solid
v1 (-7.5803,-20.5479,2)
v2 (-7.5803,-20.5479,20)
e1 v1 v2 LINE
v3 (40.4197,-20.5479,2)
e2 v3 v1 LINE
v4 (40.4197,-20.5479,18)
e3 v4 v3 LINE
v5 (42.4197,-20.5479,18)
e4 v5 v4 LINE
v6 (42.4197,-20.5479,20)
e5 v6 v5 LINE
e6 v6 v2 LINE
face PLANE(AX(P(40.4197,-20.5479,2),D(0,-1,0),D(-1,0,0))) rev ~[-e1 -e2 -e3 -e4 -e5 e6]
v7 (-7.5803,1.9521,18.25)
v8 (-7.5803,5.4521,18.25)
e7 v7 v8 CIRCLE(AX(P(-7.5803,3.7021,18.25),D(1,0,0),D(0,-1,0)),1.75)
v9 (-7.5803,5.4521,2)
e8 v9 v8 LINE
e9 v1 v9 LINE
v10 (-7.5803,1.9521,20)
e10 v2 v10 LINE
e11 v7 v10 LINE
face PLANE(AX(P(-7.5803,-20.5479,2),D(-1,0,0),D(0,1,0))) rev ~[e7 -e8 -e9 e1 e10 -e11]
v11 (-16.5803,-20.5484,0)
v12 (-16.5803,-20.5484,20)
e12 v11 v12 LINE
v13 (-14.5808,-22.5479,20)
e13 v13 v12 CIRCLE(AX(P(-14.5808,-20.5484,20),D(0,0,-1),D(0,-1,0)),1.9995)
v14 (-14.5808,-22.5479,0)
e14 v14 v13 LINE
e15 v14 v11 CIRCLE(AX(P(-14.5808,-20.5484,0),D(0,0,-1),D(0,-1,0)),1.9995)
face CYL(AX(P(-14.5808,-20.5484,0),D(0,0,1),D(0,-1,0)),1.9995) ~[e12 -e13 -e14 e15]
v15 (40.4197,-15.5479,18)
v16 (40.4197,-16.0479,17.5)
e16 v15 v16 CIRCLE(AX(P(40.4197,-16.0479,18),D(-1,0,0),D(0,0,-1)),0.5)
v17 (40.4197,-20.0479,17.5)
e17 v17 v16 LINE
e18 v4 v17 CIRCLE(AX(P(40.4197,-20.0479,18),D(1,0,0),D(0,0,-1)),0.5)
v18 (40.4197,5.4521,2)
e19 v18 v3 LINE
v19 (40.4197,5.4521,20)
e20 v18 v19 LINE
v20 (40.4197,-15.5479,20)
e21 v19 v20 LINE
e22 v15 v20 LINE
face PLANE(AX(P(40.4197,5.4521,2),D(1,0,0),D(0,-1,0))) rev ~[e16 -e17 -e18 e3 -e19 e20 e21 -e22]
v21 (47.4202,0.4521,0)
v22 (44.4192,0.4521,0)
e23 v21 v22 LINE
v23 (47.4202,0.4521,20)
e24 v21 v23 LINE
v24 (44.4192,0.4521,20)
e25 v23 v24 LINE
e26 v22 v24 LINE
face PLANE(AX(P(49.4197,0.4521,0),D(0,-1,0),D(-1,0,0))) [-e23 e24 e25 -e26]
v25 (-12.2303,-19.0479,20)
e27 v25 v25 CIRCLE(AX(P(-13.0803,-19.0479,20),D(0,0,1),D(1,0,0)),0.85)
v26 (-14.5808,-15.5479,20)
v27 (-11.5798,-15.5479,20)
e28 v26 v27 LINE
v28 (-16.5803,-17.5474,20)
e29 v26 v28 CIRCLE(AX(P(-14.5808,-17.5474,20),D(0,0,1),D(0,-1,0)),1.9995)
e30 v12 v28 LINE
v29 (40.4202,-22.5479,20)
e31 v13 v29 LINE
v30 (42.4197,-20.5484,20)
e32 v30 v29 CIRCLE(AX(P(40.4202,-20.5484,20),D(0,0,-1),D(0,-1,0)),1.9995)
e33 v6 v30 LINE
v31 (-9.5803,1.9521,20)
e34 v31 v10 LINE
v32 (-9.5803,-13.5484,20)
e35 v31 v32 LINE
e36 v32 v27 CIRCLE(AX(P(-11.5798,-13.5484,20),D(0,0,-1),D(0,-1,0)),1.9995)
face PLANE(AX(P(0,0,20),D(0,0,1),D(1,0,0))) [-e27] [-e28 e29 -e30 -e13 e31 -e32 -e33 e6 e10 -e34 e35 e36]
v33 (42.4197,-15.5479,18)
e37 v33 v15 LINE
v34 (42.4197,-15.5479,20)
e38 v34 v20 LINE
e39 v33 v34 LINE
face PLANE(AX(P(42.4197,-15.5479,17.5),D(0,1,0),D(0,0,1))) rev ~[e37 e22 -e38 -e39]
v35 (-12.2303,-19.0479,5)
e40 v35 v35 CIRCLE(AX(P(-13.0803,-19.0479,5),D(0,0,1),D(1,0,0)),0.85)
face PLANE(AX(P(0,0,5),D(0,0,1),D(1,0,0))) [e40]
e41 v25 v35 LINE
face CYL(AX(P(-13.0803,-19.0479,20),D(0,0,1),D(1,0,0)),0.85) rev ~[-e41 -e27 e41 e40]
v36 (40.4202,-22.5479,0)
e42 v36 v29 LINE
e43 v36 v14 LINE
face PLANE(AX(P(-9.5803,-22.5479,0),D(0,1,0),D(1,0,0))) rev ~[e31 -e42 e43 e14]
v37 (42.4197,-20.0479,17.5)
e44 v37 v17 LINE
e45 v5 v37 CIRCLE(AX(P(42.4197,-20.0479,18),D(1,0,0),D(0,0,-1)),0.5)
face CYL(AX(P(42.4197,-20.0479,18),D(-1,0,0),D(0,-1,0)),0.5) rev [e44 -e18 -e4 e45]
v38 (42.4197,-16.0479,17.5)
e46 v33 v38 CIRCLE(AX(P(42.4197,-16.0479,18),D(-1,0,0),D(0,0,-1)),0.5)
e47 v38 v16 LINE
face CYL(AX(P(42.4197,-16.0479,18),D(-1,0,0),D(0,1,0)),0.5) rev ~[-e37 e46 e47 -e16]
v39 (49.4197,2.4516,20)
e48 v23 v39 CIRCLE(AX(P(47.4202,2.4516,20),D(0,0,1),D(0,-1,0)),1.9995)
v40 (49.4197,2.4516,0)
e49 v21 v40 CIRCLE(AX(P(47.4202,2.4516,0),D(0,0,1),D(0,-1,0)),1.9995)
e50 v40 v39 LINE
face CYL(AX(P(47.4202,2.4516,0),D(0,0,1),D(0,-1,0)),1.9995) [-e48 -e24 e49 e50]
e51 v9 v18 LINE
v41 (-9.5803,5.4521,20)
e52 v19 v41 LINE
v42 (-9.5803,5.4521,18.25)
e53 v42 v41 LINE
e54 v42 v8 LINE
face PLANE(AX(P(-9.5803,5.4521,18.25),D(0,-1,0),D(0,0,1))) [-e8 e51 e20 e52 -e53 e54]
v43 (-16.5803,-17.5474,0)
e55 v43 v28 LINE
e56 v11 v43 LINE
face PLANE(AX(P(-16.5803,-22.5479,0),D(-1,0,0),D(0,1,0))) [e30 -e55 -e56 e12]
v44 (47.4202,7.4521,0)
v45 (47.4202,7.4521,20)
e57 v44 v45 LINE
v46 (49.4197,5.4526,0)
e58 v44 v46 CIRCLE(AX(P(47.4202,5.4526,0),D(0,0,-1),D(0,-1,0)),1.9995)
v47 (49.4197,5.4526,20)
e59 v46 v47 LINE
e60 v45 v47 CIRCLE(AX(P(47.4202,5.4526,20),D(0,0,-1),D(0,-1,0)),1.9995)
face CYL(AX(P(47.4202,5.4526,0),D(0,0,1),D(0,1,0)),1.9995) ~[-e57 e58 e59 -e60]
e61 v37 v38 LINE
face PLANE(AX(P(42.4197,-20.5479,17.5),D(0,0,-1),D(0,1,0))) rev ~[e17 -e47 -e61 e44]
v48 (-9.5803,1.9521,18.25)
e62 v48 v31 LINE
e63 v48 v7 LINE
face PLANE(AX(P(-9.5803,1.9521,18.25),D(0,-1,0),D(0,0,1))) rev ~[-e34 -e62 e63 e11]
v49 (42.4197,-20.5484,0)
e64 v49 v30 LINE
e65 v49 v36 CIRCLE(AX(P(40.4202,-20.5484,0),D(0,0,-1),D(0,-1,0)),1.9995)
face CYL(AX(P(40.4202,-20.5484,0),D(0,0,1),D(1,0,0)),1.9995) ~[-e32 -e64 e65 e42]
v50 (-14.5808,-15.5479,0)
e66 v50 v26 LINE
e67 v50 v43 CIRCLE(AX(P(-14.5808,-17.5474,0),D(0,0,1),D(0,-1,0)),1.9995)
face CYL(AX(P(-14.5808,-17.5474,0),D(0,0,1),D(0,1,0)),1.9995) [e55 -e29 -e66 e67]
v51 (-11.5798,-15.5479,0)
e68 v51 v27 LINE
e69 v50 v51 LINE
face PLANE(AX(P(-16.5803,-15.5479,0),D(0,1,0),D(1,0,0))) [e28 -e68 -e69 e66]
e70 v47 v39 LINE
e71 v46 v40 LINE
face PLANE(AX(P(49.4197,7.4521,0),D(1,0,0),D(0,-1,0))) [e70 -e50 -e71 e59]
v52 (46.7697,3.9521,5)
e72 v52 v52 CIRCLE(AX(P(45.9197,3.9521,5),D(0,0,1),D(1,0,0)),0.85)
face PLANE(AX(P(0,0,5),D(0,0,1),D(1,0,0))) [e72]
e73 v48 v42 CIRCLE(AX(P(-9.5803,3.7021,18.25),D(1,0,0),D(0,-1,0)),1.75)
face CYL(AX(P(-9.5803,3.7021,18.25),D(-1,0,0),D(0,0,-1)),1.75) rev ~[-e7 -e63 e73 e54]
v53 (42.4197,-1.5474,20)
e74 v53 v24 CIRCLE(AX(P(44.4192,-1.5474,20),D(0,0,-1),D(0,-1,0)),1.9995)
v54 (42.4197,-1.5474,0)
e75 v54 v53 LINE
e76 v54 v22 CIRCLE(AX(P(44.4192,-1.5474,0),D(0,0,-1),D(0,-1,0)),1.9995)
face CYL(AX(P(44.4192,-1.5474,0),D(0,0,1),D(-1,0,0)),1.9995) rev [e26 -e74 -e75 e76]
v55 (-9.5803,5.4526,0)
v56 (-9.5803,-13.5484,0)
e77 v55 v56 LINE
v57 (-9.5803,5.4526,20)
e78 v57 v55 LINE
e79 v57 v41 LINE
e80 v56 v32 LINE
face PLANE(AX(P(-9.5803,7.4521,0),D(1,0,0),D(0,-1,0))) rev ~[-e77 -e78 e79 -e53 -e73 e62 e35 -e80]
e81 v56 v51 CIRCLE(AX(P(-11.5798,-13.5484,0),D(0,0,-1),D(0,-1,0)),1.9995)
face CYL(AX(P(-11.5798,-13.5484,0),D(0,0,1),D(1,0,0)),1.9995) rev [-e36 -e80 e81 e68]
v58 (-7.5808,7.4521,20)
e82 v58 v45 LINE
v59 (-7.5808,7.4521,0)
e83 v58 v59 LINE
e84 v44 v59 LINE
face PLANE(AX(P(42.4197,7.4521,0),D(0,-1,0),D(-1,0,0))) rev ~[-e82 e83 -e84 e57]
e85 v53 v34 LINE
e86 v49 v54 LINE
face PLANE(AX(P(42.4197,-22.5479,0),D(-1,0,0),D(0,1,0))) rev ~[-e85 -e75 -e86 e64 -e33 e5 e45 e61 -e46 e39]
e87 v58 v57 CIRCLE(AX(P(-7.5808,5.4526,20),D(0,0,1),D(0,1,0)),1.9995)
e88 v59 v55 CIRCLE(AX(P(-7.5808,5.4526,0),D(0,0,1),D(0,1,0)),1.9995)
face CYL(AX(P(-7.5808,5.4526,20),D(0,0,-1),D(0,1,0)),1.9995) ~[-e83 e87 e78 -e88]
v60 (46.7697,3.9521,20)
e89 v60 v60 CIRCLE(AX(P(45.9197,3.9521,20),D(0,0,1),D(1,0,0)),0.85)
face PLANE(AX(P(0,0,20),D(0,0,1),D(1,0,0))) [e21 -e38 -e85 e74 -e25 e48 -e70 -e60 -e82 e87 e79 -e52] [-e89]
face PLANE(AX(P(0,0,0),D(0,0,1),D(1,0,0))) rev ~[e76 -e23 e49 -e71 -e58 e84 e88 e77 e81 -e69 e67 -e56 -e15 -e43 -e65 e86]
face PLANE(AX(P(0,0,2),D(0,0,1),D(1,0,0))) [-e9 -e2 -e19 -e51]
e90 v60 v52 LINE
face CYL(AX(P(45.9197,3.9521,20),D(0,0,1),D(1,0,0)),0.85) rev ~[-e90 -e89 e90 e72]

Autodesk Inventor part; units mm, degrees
ref_plane "YZ Plane" through (0, 0, 0) normal (1, 0, 0) x (0, 1, 0)
ref_plane "XZ Plane" through (0, 0, 0) normal (0, 1, 0) x (-1, 0, 0)
ref_plane "XY Plane" through (0, 0, 0) normal (0, 0, 1) x (1, 0, 0)
sketch "Эскиз1" plane through (0, 0, 0) normal (0, 0, 1) x (1, 0, 0)
  line L0 (-9.5803, -22.5479) -> (42.4197, -22.5479)
  line L1 (42.4197, -22.5479) -> (42.4197, 7.4521)
  line L2 (42.4197, 7.4521) -> (-9.5803, 7.4521)
  line L3 (-9.5803, 7.4521) -> (-9.5803, -22.5479)
extrude "Выдавливание1" add sketch "Эскиз1" along normal blind 2
sketch "Эскиз2" plane through (0, 0, 2) normal (0, 0, 1) x (1, 0, 0)
  line L0 (-9.5803, 7.4521) -> (-9.5803, -22.5479) projected
  line L1 (-9.5803, -22.5479) -> (42.4197, -22.5479) projected
  line L2 (-9.5803, 7.4521) -> (42.4197, 7.4521)
  line L3 (42.4197, 7.4521) -> (42.4197, -22.5479)
  line L4 (42.4197, -22.5479) -> (-9.5803, -22.5479)
  line L5 (-9.5803, -22.5479) -> (-9.5803, 7.4521)
  line L6 (42.4197, 7.4521) -> (-9.5803, 7.4521) projected
  line L7 (-9.5803, 7.4521) -> (-7.5803, 7.4521)
  line L8 (42.4197, -22.5479) -> (40.4197, -22.5479)
  line L9 (40.4197, -20.5479) -> (-7.5803, -20.5479)
  line L10 (-7.5803, -20.5479) -> (-7.5803, 5.4521)
  line L11 (-7.5803, 5.4521) -> (40.4197, 5.4521)
  line L12 (40.4197, 5.4521) -> (40.4197, -20.5479)
  point P0 (0, 0)
extrude "Выдавливание2" add sketch "Эскиз2" along normal blind 18
sketch "Эскиз6" plane through (0, 0, 0) normal (0, 0, -1) x (-1, 0, 0)
  line L0 (9.5803, -22.5479) -> (-42.4197, -22.5479) projected
  line L1 (9.5803, -22.5479) -> (16.5803, -22.5479)
  line L2 (16.5803, -22.5479) -> (16.5803, -15.5479)
  line L3 (16.5803, -15.5479) -> (9.5803, -15.5479)
  line L4 (9.5803, -15.5479) -> (9.5803, -22.5479)
  line L5 (-42.4197, 7.4521) -> (-49.4197, 7.4521)
  line L6 (-49.4197, 7.4521) -> (-49.4197, 0.4521)
  line L7 (-49.4197, 0.4521) -> (-42.4197, 0.4521)
  line L8 (-42.4197, 0.4521) -> (-42.4197, 7.4521)
  point P0 (0, 0)
  dimension "d22" = 7
  dimension "d23" = 7
  dimension "d24" = 7
  dimension "d25" = 7
extrude "Выдавливание5" add sketch "Эскиз6" against normal blind 20
sketch "Эскиз7" plane through (42.4197, -22.5479, 20) normal (1, 0, 0) x (0, 0, -1)
  line L0 (0, 2) -> (0, 28) projected
  line L1 (0, 2) -> (2.5, 2)
  line L2 (2.5, 2) -> (2.5, 7)
  line L3 (2.5, 7) -> (0, 7)
  line L4 (0, 7) -> (0, 2)
  point P0 (20, 22.5479)
  dimension "d28" = 2.5
  dimension "d29" = 5
extrude "Выдавливание6" cut sketch "Эскиз7" against normal blind 2
sketch "Эскиз8" plane through (-9.5803, 7.4521, 0) normal (-1, 0, 0) x (0, 0, 1)
  line L0 (2, -2) -> (20, -2) projected
  line L1 (20, -2) -> (18.25, -2)
  line L2 (16.5, -3.75) -> (16.5, -3.75)
  line L3 (18.25, -5.5) -> (20, -5.5)
  line L4 (20, -5.5) -> (20, -2)
  arc A0 (18.25, -2) -> (16.5, -3.75) centre (18.25, -3.75) ccw
  arc A1 (16.5, -3.75) -> (18.25, -5.5) centre (18.25, -3.75) ccw
  point P0 (0, -7.4521)
  point P1 (16.5, -5.5)
  point P2 (16.5, -2)
  dimension "d32" = 3.5
  dimension "d33" = 3.5
  dimension "d34" = 1.75
extrude "Выдавливание7" cut sketch "Эскиз8" against normal blind 2
fillet "Сопряжение1" radius 0.5 2 edges at (41.4197, -15.5479, 17.5) (41.4197, -20.5479, 17.5)
fillet "Сопряжение2" radius 2 8 edges at (42.4197, 0.4521, 10) (49.4197, 0.4521, 10) (49.4197, 7.4521, 10) (-9.5803, 7.4521, 10) (-16.5803, -22.5479, 10) (-16.5803, -15.5479, 10) (42.4197, -22.5479, 10) (-9.5803, -15.5479, 10)
sketch "Эскиз9" plane through (0, 0, 20) normal (0, 0, 1) x (1, 0, 0)
  circle A0 centre (-13.0803, -19.0479) radius 0.85
  point P0 (0, 0)
  point P1 (-16.5803, -17.5479)
  point P2 (-14.5803, -15.5479)
  dimension "d39" = 1.7
sketch "Эскиз10" plane through (0, 0, 20) normal (0, 0, 1) x (1, 0, 0)
  arc A0 (47.4197, 0.4521) -> (49.4197, 2.4521) centre (47.4197, 2.4521) ccw projected
  circle A1 centre (45.9197, 3.9521) radius 0.85
  point P0 (0, 0)
  dimension "d41" = 1.7
extrude "Выдавливание8" cut sketch "Эскиз9" against normal blind 15
extrude "Выдавливание9" cut sketch "Эскиз10" against normal blind 15
properties part number "Крышка Модуля БП"
